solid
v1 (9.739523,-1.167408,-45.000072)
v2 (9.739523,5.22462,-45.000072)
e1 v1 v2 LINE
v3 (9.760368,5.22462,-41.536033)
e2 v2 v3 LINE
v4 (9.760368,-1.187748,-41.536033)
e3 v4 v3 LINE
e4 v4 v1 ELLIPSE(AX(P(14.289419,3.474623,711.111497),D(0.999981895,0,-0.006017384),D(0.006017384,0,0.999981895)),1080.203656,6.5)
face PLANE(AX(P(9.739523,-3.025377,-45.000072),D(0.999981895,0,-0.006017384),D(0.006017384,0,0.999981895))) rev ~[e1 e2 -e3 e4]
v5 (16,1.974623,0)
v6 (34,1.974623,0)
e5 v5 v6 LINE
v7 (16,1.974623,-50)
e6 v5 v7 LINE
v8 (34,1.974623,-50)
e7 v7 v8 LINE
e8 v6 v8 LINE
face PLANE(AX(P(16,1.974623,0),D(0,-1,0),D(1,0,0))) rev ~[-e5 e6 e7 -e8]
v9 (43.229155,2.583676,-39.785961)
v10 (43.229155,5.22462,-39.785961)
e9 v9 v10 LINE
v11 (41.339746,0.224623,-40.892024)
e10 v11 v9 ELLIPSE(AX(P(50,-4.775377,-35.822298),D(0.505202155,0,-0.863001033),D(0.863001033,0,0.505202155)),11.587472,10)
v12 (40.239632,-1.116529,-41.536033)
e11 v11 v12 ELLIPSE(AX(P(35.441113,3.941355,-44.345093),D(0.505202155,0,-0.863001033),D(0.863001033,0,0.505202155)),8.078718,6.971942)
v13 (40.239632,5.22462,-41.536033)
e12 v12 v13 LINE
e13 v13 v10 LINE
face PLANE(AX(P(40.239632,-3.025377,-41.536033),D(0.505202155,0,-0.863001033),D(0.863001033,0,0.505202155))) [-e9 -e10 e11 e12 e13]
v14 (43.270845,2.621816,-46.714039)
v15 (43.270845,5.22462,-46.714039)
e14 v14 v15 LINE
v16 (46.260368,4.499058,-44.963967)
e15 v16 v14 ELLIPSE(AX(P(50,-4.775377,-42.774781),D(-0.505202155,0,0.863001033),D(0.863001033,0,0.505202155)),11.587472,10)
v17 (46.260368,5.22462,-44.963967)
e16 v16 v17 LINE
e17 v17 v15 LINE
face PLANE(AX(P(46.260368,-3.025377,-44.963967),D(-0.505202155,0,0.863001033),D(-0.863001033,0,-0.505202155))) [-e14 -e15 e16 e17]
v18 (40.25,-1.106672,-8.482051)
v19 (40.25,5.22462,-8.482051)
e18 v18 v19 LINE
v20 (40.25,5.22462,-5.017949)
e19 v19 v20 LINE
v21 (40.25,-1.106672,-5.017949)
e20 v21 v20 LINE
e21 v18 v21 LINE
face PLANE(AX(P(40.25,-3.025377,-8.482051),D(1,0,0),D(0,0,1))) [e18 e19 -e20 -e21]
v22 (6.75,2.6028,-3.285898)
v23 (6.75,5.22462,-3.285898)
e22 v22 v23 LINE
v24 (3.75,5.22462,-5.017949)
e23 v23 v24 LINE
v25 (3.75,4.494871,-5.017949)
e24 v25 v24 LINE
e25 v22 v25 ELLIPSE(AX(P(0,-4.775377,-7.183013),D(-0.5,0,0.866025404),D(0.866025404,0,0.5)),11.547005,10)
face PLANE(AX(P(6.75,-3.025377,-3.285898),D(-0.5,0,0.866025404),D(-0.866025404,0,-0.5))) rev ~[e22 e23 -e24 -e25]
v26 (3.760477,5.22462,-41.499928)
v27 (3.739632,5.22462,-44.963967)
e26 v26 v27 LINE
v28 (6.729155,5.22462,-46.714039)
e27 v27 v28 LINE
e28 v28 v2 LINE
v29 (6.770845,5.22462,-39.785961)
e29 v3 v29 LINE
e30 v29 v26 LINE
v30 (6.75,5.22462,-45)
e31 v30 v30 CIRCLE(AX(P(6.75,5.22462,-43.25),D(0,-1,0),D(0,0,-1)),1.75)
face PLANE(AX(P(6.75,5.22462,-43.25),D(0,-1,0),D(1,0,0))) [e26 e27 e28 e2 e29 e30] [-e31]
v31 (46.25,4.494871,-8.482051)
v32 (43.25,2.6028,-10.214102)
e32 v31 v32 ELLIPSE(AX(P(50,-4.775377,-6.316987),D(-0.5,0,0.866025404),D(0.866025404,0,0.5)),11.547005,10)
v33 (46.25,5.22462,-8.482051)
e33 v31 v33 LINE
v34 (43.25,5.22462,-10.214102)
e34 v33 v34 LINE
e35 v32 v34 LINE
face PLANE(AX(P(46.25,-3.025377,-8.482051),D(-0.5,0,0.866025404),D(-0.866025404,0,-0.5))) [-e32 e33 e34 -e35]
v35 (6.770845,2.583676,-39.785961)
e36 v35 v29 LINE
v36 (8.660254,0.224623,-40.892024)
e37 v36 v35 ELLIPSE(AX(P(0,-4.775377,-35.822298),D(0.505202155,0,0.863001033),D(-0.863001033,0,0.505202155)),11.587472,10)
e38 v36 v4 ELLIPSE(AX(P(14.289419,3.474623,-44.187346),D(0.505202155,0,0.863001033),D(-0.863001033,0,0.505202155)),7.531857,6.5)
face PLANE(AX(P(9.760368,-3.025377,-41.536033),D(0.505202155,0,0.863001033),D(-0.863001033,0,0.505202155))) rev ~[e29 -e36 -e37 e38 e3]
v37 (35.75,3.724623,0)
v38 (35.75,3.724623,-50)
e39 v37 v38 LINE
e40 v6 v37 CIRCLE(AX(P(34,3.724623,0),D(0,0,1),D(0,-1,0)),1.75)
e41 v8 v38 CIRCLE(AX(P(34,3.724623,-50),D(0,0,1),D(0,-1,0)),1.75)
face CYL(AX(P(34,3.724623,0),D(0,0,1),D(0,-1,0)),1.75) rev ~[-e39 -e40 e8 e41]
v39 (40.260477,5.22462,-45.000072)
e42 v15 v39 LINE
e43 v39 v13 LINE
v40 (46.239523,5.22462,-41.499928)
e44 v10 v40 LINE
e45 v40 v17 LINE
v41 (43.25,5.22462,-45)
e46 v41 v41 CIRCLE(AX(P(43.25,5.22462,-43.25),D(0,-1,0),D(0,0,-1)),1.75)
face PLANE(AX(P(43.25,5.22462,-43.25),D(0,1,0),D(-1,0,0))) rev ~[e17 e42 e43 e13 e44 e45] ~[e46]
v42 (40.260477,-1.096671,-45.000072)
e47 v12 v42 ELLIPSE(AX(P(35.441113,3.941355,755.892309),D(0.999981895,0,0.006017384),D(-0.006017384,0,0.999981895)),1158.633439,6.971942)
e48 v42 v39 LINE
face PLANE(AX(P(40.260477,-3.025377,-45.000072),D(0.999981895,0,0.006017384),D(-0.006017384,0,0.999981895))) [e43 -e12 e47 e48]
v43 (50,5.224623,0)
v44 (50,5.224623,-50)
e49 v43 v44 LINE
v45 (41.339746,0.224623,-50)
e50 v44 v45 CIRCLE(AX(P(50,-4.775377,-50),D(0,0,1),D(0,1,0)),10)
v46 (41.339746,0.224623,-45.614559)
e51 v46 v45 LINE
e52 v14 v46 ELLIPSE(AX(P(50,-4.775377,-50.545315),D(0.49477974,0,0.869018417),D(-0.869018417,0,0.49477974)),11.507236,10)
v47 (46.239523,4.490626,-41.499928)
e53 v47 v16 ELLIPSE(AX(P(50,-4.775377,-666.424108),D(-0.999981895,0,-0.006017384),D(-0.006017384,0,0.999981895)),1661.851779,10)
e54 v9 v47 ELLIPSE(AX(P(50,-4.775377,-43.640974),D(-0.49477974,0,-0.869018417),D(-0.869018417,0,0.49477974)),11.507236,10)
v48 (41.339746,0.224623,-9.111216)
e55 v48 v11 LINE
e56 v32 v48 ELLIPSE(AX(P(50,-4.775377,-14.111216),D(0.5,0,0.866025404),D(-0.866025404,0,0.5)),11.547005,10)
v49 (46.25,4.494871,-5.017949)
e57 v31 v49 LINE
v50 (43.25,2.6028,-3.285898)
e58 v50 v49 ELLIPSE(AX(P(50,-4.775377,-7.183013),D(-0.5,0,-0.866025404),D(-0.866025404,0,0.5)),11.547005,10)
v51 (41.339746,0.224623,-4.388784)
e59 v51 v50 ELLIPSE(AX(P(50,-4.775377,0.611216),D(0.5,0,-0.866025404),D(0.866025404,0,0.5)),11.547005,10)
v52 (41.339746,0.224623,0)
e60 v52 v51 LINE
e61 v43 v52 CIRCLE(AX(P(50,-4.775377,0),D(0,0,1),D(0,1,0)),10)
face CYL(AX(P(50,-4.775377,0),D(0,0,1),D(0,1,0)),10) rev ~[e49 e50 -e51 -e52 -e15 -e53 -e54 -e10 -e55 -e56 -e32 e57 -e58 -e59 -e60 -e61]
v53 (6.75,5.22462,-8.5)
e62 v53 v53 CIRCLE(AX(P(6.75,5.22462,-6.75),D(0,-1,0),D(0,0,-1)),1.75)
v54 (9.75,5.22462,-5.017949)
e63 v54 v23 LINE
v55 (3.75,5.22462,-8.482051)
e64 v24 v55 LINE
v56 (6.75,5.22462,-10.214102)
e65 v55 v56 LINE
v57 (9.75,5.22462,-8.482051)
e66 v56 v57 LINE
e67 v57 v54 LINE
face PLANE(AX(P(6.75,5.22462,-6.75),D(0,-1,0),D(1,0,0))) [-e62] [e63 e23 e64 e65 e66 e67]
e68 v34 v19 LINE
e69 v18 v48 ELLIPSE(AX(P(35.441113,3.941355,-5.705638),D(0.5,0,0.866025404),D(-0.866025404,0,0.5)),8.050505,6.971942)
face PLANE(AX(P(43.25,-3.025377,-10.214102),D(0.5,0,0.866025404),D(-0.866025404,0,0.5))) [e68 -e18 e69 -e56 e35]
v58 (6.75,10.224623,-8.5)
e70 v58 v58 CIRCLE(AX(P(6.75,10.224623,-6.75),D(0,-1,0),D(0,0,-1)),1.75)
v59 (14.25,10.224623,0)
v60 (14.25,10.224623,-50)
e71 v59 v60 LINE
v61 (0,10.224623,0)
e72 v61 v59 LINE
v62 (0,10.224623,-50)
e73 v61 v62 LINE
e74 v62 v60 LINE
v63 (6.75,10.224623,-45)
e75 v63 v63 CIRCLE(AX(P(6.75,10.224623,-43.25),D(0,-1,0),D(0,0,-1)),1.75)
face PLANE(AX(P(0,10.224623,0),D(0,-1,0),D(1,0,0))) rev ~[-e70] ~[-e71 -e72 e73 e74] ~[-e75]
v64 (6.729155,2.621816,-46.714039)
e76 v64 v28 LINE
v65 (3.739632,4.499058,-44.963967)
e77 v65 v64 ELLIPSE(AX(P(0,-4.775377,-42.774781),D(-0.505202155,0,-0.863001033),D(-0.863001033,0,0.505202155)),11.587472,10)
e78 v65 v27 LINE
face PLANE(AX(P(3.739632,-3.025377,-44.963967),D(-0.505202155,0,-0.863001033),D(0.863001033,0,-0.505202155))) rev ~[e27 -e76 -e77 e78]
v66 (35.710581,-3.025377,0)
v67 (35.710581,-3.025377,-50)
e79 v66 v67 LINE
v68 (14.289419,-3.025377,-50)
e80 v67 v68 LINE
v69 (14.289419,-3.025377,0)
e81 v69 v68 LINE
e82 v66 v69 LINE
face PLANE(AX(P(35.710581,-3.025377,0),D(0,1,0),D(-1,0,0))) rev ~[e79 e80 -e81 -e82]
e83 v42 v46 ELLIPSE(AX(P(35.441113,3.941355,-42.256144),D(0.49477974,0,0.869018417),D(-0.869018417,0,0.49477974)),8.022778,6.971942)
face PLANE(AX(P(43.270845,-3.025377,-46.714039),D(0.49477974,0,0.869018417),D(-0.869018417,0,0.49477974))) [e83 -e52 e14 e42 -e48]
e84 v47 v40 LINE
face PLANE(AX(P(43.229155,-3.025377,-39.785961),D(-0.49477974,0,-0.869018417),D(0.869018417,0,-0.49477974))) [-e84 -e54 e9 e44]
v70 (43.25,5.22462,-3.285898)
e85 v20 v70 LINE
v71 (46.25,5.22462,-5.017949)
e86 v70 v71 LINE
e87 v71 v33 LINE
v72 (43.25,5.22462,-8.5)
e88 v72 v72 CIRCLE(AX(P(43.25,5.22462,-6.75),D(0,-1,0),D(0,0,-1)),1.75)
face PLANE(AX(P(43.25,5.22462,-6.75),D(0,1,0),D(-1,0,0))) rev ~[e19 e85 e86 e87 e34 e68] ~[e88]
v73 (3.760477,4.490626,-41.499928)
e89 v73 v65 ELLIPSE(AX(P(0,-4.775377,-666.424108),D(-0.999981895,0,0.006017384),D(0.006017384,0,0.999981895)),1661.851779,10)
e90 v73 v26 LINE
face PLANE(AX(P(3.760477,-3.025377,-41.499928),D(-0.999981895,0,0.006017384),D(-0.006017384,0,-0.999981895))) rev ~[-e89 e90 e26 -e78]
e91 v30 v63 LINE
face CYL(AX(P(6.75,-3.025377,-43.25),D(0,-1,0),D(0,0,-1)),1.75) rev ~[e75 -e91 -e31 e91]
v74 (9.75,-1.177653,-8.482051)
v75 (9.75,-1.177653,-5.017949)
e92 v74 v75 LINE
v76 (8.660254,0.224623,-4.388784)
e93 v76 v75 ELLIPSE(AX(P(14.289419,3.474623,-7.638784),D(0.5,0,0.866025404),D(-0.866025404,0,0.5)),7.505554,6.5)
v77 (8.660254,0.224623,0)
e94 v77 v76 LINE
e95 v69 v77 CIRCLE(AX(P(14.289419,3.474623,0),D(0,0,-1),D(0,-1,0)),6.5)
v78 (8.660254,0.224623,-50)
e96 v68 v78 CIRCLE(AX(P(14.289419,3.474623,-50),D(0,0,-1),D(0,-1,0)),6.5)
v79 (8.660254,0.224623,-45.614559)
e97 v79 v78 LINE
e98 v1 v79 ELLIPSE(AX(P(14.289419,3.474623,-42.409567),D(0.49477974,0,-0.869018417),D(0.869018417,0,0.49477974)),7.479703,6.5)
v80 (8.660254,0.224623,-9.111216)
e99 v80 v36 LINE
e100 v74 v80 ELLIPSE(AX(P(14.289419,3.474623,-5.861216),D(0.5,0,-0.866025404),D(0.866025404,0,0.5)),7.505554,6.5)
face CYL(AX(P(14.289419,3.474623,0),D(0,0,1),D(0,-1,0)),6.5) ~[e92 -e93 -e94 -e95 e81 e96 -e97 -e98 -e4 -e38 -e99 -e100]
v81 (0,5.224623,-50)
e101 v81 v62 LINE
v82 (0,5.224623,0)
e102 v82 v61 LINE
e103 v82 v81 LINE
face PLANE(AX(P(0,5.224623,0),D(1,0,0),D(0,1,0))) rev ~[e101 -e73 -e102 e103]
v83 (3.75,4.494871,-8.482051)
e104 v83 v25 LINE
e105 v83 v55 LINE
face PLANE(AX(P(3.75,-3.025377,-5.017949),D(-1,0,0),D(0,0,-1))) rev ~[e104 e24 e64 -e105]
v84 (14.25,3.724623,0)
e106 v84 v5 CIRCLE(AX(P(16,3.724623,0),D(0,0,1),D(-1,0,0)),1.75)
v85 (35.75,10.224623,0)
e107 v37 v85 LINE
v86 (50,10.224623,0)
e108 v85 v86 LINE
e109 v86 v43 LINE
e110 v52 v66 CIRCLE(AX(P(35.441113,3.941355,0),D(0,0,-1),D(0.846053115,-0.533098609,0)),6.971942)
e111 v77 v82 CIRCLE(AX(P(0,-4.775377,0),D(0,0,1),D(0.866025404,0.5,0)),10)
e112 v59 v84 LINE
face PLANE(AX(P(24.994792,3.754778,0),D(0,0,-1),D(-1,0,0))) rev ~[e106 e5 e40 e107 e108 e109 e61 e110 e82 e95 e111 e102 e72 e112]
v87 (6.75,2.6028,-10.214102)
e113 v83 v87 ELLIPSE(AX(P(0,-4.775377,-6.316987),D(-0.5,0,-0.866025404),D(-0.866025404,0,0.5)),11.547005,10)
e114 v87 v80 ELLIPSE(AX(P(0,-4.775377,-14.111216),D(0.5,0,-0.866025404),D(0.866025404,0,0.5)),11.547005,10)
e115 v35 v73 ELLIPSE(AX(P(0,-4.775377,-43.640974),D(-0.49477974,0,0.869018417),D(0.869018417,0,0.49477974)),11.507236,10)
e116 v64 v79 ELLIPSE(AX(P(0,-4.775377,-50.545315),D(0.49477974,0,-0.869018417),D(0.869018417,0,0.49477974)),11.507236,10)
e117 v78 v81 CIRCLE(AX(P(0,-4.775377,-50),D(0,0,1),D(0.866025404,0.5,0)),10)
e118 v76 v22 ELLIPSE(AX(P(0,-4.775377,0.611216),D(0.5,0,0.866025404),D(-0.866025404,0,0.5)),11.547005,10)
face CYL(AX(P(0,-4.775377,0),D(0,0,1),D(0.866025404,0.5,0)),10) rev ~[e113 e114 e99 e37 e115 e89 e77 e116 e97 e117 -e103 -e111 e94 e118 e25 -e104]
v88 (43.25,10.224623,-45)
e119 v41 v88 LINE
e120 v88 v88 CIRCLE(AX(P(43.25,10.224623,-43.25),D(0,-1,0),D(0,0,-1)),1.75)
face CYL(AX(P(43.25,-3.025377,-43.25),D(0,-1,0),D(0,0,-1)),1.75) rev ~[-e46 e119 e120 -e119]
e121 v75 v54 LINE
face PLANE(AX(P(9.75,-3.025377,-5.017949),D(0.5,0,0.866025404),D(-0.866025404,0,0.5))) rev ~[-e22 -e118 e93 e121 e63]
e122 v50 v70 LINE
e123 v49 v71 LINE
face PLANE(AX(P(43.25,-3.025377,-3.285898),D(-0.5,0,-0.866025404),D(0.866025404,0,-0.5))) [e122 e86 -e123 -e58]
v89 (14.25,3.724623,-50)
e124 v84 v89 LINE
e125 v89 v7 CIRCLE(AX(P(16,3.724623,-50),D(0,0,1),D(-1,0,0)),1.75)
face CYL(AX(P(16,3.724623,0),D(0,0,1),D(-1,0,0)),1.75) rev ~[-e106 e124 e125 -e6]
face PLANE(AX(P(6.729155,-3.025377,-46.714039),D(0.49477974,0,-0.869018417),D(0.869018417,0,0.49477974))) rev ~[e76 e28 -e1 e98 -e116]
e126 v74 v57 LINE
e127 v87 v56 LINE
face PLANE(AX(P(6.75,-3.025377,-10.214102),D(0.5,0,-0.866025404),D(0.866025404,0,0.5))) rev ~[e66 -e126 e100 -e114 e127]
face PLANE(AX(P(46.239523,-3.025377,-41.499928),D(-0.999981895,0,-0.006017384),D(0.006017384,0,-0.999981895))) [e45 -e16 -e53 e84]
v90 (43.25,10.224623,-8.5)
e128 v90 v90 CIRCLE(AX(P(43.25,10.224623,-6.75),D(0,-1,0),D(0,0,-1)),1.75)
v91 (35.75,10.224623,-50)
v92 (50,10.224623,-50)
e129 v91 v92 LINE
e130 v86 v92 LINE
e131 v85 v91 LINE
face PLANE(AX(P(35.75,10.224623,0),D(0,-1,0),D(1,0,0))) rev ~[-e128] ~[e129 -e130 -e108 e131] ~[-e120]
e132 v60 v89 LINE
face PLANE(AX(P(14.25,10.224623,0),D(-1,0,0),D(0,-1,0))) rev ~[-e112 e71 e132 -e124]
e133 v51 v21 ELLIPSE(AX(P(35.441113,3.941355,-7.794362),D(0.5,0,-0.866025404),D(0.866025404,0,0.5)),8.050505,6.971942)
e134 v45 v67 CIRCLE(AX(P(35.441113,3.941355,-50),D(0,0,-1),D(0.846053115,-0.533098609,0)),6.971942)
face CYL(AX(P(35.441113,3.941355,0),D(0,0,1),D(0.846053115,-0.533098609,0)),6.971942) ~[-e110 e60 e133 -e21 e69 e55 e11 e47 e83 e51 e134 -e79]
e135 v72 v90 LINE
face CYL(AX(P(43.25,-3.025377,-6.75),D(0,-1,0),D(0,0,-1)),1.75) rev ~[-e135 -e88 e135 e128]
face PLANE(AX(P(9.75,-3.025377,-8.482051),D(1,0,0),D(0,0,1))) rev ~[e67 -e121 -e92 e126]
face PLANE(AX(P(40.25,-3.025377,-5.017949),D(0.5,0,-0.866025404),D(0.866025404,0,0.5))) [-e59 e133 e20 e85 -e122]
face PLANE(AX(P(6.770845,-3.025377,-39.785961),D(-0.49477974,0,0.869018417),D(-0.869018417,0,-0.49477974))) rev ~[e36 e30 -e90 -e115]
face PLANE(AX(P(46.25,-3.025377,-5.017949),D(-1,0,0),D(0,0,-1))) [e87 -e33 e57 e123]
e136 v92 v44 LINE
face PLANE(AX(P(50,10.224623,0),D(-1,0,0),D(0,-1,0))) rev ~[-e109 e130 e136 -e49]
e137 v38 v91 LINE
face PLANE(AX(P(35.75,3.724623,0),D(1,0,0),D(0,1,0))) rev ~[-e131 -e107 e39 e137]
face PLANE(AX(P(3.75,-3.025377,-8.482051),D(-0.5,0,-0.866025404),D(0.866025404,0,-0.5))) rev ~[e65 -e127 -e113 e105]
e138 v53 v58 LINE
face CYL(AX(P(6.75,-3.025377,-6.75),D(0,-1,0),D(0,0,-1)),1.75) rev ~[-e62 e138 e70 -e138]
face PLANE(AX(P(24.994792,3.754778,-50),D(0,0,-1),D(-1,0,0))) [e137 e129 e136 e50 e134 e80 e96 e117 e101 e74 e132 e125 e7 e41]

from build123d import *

# Parameters (mm, degrees)
BOSS_EXTRUDE1_DEPTH = 50
SKETCH2_R           = 1.75
CUT_EXTRUDE1_DEPTH  = 72.941382389
CUT_EXTRUDE2_DEPTH  = 8.249997


with BuildPart() as part:
    # Sketch1 → Boss-Extrude1 (new body)
    with BuildSketch(Plane.XY):
        with BuildLine():
            Line((50, 10.224622738), (50, 5.224622738))
            ThreePointArc((50, 5.224622738), (45, 3.884876776), (41.339745962, 0.224622738))
            ThreePointArc((41.339745962, 0.224622738), (38.927083678, -2.096523604), (35.710580838, -3.025377262))
            Line((35.710580838, -3.025377262), (14.289419162, -3.025377262))
            ThreePointArc((14.289419162, -3.025377262), (11.039419162, -2.154542386), (8.660254038, 0.224622738))
            ThreePointArc((8.660254038, 0.224622738), (5, 3.884876776), (0, 5.224622738))
            Line((0, 5.224622738), (0, 10.224622738))
            Line((0, 10.224622738), (14.25, 10.224622738))
            Line((14.25, 10.224622738), (14.25, 3.724622738))
            ThreePointArc((14.25, 3.724622738), (14.762563133, 2.487185871), (16, 1.974622738))
            Line((16, 1.974622738), (34, 1.974622738))
            ThreePointArc((34, 1.974622738), (35.237436867, 2.487185871), (35.75, 3.724622738))
            Line((35.75, 3.724622738), (35.75, 10.224622738))
            Line((35.75, 10.224622738), (50, 10.224622738))
        make_face()
    extrude(amount=-BOSS_EXTRUDE1_DEPTH)

    # Sketch2 → Cut-Extrude1 (cut, through all)
    with BuildSketch(Plane.XZ.offset(3.025377262)):
        with Locations(Location((6.75, -43.25, 0), (0, 0, 270))):
            Circle(SKETCH2_R)
        with Locations(Location((43.25, -43.25, 0), (0, 0, 270))):
            Circle(SKETCH2_R)
        with Locations(Location((6.75, -6.75, 0), (0, 0, 270))):
            Circle(SKETCH2_R)
        with Locations(Location((43.25, -6.75, 0), (0, 0, 270))):
            Circle(SKETCH2_R)
    extrude(amount=-CUT_EXTRUDE1_DEPTH, mode=Mode.SUBTRACT)

    # Sketch3 → Cut-Extrude2 (cut)
    with BuildSketch(Plane.XZ.offset(3.025377262)):
        Polygon((9.75, -5.017949192), (6.75, -3.285898385), (3.75, -5.017949192), (3.75, -8.482050808), (6.75, -10.214101615), (9.75, -8.482050808), align=None)
        Polygon((6.770844829, -39.785961101), (3.760476728, -41.499928399), (3.739631899, -44.963967298), (6.729155171, -46.714038899), (9.739523272, -45.000071601), (9.760368101, -41.536032702), align=None)
        Polygon((40.239631899, -41.536032702), (43.229155171, -39.785961101), (46.239523272, -41.499928399), (46.260368101, -44.963967298), (43.270844829, -46.714038899), (40.260476728, -45.000071601), align=None)
        Polygon((40.25, -8.482050808), (40.25, -5.017949192), (43.25, -3.285898385), (46.25, -5.017949192), (46.25, -8.482050808), (43.25, -10.214101615), align=None)
    extrude(amount=-CUT_EXTRUDE2_DEPTH, mode=Mode.SUBTRACT)


solid = part.part
